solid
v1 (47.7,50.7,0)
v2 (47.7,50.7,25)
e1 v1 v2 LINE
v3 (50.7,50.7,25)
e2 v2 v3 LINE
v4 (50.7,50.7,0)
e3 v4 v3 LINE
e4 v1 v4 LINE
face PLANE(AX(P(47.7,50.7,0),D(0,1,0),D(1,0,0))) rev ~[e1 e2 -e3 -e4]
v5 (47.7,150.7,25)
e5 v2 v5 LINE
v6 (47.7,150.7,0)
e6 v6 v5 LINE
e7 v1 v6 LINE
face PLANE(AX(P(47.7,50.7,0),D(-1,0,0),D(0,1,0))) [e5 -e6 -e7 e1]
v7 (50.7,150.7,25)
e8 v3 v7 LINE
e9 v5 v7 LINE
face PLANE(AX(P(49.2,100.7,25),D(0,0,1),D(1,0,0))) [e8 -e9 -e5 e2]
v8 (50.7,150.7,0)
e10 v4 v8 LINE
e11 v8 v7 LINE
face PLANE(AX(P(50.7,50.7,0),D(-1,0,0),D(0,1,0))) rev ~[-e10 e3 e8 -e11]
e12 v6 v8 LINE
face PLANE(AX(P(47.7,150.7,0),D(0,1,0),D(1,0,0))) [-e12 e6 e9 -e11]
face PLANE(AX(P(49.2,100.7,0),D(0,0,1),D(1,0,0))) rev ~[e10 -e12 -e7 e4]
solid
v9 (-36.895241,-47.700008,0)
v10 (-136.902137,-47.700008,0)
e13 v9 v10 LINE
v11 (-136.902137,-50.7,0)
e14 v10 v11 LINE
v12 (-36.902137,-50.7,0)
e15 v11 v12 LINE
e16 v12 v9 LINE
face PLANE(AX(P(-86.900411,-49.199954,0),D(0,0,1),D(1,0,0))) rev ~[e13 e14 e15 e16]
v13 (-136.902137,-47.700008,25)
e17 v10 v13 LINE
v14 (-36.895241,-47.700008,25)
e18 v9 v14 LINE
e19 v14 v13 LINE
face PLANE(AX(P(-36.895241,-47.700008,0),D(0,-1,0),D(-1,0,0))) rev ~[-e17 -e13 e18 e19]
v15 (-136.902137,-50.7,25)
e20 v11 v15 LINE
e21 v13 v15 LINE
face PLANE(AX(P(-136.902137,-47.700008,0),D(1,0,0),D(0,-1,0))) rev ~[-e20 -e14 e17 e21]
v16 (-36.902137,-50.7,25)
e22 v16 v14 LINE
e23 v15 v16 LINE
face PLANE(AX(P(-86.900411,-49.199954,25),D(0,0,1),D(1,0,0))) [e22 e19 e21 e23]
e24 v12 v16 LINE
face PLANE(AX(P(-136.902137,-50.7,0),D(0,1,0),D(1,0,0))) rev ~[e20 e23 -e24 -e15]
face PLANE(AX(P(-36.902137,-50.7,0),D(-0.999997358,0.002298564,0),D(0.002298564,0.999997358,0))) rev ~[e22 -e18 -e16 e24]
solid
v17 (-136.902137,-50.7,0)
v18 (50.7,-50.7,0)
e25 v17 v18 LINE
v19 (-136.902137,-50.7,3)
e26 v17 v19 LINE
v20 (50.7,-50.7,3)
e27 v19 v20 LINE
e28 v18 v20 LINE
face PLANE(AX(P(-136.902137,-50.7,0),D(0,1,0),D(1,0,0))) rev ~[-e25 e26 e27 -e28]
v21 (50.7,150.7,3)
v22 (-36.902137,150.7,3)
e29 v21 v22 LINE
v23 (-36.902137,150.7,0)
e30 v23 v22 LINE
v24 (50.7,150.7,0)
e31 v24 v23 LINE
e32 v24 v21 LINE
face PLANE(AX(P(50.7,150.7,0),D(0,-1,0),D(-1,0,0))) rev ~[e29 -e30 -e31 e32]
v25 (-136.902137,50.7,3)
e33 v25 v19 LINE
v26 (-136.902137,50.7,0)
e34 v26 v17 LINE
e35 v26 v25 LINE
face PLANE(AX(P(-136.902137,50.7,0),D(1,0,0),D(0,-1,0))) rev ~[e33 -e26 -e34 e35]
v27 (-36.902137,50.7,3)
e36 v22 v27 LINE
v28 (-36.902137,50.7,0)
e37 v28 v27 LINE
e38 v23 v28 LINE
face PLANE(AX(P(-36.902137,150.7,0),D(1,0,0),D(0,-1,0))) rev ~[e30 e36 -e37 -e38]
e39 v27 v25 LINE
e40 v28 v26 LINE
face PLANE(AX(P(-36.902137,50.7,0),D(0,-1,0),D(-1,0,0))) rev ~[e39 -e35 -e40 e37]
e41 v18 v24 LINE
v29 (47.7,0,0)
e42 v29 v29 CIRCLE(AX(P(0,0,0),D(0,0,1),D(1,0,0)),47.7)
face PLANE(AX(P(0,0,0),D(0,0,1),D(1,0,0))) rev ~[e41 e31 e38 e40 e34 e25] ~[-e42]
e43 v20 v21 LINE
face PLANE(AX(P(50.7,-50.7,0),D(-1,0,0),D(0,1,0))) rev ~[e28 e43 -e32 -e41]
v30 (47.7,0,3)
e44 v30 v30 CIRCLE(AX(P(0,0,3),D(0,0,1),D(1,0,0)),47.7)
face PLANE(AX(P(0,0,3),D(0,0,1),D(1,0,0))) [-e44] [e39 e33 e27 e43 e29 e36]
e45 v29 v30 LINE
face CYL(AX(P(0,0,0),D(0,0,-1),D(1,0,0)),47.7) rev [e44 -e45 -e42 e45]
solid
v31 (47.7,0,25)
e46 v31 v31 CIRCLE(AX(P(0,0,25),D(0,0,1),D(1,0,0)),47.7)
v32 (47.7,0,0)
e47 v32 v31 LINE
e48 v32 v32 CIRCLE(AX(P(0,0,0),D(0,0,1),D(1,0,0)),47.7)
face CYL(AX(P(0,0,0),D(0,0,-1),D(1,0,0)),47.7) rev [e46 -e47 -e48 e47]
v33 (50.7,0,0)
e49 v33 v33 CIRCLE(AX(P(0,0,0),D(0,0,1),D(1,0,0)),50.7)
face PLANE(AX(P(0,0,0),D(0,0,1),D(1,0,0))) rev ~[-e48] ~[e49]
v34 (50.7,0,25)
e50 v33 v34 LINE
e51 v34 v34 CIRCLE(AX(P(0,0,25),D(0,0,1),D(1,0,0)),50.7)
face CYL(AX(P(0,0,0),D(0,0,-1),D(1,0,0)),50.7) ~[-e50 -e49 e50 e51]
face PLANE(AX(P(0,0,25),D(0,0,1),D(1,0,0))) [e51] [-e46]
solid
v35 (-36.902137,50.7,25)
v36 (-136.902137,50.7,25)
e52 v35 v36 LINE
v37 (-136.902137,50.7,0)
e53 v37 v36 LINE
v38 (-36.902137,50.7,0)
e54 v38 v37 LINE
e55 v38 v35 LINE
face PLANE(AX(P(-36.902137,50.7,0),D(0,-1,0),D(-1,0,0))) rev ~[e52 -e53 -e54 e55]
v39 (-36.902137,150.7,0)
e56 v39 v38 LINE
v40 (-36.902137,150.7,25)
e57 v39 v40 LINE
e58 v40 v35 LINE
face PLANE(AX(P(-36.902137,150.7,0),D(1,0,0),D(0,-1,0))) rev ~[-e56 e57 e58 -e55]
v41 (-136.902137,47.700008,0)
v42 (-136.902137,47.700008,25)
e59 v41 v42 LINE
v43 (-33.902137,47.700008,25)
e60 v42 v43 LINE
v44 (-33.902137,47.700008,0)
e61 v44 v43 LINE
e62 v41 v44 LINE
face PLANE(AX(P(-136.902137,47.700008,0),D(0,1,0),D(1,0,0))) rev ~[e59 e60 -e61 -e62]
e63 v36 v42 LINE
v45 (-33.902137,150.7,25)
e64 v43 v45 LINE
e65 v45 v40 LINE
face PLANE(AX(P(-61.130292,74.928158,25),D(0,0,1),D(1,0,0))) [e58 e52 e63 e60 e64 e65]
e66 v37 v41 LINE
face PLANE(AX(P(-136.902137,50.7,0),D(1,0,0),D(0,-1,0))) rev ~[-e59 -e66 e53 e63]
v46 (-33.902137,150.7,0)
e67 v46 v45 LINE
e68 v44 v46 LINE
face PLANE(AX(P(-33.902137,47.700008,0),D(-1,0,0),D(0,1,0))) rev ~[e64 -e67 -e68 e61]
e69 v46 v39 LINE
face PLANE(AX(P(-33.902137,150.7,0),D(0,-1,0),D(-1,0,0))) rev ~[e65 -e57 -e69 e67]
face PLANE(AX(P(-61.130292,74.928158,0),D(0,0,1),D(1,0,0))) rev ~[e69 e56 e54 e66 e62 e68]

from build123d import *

# Parameters (mm, degrees)
F0_R     = 47.7
F1_DEPTH = 25
F0_W     = 3
F0_H     = 100
F2_DEPTH = 3


with BuildPart() as f1:
    # F0 (on Top) → F1 (new body)
    with BuildSketch(Plane.XY):
        with BuildLine():
            ThreePointArc((-4.79e-08, -50.7), (35.8503137892, -35.8503138231), (50.7, 0))
            ThreePointArc((50.7, 0), (-35.8503137892, 35.8503138231), (-4.79e-08, -50.7))
        make_face()
        Circle(F0_R, mode=Mode.SUBTRACT)
    extrude(amount=F1_DEPTH)


with BuildPart() as f1b:
    # F0 (on Top) → F1, piece 2 (new body)
    with BuildSketch(Plane.XY):
        Polygon((-33.9021371007, 47.7000079251), (-33.9021371007, 150.7), (-36.9021371007, 150.7), (-36.9021371007, 50.7), (-136.9021371007, 50.7), (-136.9021371007, 47.7000079251), (-36.8952414091, 47.7000079251), align=None)
    extrude(amount=F1_DEPTH)


with BuildPart() as f1c:
    # F0 (on Top) → F1, piece 3 (new body)
    with BuildSketch(Plane.XY):
        with Locations((49.2, 100.7)):
            Rectangle(F0_W, F0_H)
    extrude(amount=F1_DEPTH)


with BuildPart() as f1d:
    # F0 (on Top) → F1, piece 4 (new body)
    with BuildSketch(Plane.XY):
        Polygon((-136.9021371007, -50.7), (-36.9021371007, -50.7), (-36.8952414091, -47.7000079251), (-136.9021371007, -47.7000079251), align=None)
    extrude(amount=F1_DEPTH)


with BuildPart() as f2:
    # F0 (on Top) → F2 (new body)
    with BuildSketch(Plane.XY):
        with BuildLine():
            ThreePointArc((-4.79e-08, -50.7), (35.8503137892, -35.8503138231), (50.7, 0))
            ThreePointArc((50.7, 0), (-35.8503137892, 35.8503138231), (-4.79e-08, -50.7))
        make_face()
        Circle(F0_R, mode=Mode.SUBTRACT)
        with BuildLine():
            Line((50.7, -50.7), (50.7, 0))
            ThreePointArc((50.7, 0), (35.8503137892, -35.8503138231), (-4.79e-08, -50.7))
            Line((-4.79e-08, -50.7), (50.7, -50.7))
        make_face()
        with BuildLine():
            ThreePointArc((-4.79e-08, -50.7), (-35.8503137892, 35.8503138231), (50.7, 0))
            Line((50.7, 0), (50.7, 50.7))
            Line((50.7, 50.7), (47.7, 50.7))
            Line((47.7, 50.7), (47.7, 150.7))
            Line((47.7, 150.7), (-33.9021371007, 150.7))
            Line((-33.9021371007, 150.7), (-33.9021371007, 47.7000079251))
            Line((-33.9021371007, 47.7000079251), (-36.8952414091, 47.7000079251))
            Line((-36.8952414091, 47.7000079251), (-136.9021371007, 47.7000079251))
            Line((-136.9021371007, 47.7000079251), (-136.9021371007, -47.7000079251))
            Line((-136.9021371007, -47.7000079251), (-36.8952414091, -47.7000079251))
            Line((-36.8952414091, -47.7000079251), (-36.9021371007, -50.7))
            Line((-36.9021371007, -50.7), (-4.79e-08, -50.7))
        make_face()
        with Locations((49.2, 100.7)):
            Rectangle(F0_W, F0_H)
        Polygon((-136.9021371007, -50.7), (-36.9021371007, -50.7), (-36.8952414091, -47.7000079251), (-136.9021371007, -47.7000079251), align=None)
        Polygon((-33.9021371007, 47.7000079251), (-33.9021371007, 150.7), (-36.9021371007, 150.7), (-36.9021371007, 50.7), (-136.9021371007, 50.7), (-136.9021371007, 47.7000079251), (-36.8952414091, 47.7000079251), align=None)
    extrude(amount=F2_DEPTH)


solid = Compound([f1.part, f1b.part, f1c.part, f1d.part, f2.part])
